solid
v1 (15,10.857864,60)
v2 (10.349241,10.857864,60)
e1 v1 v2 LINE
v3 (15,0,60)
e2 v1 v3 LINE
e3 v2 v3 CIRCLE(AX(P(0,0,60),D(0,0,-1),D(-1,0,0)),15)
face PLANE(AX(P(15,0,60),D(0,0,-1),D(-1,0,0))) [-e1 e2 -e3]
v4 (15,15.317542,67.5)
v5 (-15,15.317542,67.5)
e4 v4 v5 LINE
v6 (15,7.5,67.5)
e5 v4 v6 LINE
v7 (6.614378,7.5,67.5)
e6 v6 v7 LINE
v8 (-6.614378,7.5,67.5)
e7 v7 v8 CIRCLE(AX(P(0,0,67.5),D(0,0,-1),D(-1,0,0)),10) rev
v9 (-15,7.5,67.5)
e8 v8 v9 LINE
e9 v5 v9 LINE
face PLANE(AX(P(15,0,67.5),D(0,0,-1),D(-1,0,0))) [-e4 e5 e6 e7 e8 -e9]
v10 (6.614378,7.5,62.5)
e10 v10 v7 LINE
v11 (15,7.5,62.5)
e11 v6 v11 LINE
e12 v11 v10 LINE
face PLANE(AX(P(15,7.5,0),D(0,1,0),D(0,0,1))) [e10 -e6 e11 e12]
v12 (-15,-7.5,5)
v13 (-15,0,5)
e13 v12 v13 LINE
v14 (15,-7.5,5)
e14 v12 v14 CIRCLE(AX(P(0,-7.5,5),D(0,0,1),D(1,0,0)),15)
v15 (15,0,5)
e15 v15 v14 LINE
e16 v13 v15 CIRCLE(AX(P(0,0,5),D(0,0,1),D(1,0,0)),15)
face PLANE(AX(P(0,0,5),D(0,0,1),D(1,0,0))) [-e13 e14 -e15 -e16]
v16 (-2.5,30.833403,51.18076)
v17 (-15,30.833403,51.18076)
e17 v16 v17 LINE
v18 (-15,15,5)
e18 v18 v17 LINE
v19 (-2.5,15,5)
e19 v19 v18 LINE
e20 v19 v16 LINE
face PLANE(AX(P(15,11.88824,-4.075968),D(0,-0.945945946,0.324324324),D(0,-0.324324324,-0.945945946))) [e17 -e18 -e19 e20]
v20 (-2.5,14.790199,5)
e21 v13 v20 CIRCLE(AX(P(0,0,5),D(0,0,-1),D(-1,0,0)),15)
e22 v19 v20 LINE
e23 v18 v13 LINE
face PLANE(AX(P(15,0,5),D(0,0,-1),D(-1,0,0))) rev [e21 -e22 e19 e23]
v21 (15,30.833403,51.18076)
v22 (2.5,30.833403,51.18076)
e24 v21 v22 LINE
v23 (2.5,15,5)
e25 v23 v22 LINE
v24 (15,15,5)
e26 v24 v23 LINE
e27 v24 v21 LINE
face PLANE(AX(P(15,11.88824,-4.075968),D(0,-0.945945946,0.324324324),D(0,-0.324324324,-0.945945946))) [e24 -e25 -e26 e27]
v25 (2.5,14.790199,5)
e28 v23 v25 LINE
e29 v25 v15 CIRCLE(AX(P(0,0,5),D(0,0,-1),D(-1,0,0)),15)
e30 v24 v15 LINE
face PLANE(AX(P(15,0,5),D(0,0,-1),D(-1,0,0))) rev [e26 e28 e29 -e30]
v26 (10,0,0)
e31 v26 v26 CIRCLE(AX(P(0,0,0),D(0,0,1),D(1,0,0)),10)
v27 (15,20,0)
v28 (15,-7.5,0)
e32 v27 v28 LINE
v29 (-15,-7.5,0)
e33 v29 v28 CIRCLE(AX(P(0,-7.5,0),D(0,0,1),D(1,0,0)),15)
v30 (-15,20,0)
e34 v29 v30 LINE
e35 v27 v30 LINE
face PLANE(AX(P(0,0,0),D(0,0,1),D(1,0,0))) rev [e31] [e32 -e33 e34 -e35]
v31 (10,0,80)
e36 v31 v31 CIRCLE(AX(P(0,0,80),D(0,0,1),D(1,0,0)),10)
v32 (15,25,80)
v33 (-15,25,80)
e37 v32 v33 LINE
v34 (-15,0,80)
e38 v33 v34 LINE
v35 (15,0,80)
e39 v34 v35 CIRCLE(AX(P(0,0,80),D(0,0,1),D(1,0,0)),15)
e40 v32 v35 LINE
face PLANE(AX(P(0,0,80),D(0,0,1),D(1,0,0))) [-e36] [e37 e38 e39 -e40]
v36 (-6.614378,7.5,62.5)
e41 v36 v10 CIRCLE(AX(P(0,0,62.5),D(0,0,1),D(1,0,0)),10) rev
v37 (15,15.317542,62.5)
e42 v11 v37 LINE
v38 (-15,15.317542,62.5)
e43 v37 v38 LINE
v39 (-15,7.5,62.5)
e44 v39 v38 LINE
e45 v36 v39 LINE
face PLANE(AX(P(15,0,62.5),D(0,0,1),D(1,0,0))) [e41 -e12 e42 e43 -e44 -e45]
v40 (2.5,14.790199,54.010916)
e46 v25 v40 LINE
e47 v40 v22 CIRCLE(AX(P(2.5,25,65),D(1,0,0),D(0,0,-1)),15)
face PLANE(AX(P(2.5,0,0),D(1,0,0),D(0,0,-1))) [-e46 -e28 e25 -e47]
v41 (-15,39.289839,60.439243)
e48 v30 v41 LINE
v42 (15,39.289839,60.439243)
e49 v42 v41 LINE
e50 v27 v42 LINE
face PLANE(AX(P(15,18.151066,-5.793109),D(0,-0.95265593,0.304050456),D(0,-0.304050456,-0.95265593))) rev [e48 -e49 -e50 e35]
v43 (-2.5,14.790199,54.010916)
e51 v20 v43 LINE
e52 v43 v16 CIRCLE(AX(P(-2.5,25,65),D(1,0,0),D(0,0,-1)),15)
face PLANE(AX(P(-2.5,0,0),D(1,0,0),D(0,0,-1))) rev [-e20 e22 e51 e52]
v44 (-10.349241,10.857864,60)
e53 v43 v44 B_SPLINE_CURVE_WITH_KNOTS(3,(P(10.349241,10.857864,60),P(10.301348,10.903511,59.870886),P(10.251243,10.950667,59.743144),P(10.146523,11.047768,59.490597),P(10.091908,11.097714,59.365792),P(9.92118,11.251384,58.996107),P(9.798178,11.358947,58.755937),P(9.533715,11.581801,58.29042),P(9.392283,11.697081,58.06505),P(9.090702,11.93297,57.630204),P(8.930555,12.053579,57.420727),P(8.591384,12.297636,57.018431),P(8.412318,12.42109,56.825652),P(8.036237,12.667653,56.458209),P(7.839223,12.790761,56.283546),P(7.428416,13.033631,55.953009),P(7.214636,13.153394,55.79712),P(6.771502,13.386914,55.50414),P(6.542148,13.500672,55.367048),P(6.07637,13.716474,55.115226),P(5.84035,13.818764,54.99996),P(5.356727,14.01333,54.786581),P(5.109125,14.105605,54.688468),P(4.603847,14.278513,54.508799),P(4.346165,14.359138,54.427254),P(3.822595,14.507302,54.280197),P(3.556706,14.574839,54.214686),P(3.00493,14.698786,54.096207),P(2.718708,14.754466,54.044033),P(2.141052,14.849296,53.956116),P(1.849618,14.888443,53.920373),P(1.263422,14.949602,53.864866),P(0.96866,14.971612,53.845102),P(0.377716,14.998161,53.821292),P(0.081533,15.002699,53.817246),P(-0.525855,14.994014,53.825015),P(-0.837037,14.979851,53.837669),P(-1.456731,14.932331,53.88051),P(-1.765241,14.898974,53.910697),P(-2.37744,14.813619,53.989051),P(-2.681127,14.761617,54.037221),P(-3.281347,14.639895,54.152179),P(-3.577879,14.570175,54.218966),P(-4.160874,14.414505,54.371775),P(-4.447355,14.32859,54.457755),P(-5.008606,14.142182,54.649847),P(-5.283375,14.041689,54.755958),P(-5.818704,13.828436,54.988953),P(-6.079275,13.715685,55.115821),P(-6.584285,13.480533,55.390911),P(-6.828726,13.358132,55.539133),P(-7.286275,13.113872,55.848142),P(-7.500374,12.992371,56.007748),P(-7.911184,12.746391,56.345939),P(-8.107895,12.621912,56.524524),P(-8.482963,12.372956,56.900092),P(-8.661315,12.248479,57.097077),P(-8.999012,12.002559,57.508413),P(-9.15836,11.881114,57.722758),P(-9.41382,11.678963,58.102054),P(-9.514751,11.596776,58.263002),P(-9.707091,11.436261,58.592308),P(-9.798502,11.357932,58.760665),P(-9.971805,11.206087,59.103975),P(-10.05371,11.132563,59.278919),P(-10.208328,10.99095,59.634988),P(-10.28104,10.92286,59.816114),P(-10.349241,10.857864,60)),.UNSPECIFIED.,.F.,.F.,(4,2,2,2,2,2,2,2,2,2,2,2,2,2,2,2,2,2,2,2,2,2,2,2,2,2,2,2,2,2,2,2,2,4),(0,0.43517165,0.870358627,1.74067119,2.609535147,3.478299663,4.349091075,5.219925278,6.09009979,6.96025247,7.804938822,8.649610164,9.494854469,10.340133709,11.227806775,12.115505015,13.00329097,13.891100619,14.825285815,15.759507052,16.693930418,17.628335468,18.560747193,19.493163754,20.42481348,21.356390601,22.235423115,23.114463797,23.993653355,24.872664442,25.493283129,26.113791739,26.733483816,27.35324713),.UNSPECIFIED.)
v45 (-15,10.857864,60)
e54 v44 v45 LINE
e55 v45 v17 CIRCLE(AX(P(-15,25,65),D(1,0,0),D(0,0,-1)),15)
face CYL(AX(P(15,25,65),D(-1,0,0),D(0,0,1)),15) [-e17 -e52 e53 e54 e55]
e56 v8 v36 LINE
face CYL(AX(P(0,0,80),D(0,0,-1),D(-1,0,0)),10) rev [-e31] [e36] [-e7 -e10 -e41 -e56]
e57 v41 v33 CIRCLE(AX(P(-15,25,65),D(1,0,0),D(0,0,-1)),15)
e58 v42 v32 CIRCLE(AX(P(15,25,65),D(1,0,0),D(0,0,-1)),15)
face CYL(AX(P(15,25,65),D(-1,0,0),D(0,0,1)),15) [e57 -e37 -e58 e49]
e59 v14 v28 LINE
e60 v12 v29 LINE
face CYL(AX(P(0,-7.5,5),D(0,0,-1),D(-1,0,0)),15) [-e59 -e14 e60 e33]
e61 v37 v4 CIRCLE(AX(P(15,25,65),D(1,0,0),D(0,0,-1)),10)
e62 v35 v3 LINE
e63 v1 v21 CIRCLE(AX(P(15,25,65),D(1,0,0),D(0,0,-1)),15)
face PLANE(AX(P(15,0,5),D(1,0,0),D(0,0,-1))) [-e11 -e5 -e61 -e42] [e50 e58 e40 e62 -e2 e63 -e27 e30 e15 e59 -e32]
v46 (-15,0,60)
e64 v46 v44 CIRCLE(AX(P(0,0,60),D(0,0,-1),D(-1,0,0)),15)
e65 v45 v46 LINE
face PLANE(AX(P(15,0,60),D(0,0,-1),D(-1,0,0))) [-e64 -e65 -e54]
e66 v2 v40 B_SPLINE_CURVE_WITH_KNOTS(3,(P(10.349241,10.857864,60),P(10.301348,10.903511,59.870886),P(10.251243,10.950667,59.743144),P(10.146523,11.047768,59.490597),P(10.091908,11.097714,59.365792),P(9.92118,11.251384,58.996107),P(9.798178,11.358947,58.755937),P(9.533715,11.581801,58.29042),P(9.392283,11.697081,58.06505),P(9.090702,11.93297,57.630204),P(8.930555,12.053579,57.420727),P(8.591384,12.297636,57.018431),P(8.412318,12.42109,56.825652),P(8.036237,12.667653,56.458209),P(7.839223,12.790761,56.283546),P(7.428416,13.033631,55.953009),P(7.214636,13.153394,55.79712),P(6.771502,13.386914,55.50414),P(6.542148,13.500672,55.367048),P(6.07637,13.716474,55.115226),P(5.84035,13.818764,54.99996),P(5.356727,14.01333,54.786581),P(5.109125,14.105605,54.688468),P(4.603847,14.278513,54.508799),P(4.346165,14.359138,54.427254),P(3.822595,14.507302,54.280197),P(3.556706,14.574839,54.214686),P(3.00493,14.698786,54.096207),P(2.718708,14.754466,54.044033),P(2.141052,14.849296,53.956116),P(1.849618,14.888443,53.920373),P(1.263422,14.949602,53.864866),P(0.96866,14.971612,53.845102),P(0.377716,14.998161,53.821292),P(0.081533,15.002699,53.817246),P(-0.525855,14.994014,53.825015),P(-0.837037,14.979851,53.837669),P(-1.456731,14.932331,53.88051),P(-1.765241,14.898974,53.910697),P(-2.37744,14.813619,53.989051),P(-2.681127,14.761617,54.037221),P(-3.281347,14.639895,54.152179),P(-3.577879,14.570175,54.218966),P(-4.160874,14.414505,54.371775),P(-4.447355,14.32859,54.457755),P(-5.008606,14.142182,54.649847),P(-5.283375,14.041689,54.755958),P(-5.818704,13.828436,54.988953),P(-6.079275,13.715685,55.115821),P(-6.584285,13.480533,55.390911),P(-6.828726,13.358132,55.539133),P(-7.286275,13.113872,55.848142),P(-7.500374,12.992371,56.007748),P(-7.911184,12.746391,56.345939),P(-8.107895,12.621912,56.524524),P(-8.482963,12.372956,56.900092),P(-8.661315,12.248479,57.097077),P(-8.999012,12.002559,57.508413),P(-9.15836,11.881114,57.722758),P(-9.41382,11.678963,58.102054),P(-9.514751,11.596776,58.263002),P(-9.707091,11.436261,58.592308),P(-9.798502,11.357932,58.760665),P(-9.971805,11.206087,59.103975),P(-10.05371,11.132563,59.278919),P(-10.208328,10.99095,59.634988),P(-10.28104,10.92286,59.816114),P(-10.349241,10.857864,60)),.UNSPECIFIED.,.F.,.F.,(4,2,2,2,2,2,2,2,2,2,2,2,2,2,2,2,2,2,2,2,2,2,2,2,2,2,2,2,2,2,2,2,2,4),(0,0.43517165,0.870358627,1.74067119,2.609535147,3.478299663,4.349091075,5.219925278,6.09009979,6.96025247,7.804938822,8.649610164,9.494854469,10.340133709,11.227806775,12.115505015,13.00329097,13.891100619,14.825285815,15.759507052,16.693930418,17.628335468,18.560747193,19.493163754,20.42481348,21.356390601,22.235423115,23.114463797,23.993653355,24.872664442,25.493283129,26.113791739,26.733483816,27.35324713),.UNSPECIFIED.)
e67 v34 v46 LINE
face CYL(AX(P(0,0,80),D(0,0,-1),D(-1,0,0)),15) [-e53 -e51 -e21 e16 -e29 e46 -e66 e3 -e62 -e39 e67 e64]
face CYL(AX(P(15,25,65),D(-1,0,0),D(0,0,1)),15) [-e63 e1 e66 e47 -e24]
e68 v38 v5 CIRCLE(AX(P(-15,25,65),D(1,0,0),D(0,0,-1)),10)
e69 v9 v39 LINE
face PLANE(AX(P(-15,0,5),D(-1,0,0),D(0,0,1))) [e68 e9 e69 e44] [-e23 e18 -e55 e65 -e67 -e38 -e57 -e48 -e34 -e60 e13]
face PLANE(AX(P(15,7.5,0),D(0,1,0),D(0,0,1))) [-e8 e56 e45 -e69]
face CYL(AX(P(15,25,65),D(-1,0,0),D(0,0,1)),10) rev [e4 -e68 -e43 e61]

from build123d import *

# Parameters (mm, degrees)
SKETCH1_R            = 10
BOSS_EXTRUDE1_DEPTH  = 80
BOSS_EXTRUDE2_DEPTH  = 5
BOSS_EXTRUDE3_DEPTH  = 15
BOSS_EXTRUDE21_DEPTH = 2.5
CUT_EXTRUDE1_DEPTH   = 15
SKETCH1_4_R          = 10
CUT_EXTRUDE2_DEPTH   = 80


with BuildPart() as part:
    # Sketch1 → Boss-Extrude1 (new body)
    with BuildSketch(Plane.XY):
        with BuildLine():
            ThreePointArc((15, 0), (0, 15), (-15, 0))
            ThreePointArc((-15, 0), (0, -15), (15, 0))
        make_face()
        Circle(SKETCH1_R, mode=Mode.SUBTRACT)
    extrude(amount=BOSS_EXTRUDE1_DEPTH)

    # Sketch1<3> → Boss-Extrude2 (add)
    with BuildSketch(Plane.XY):
        with BuildLine():
            Line((-15, 0), (-15, -7.5))
            ThreePointArc((-15, -7.5), (0, -22.5), (15, -7.5))
            Line((15, -7.5), (15, 0))
            ThreePointArc((15, 0), (0, -15), (-15, 0))
        make_face()
    extrude(amount=BOSS_EXTRUDE2_DEPTH)

    # Sketch2 → Boss-Extrude3 (add, symmetric)
    with BuildSketch(Plane(origin=(0, 0, 0), x_dir=(0, 0, -1), z_dir=(1, 0, 0))):
        with BuildLine():
            ThreePointArc((-60.439243158, 39.289838943), (-73.848407975, 37.112211867), (-80, 25))
            Line((-80, 25), (-80, 0))
            Line((-80, 0), (-60, 0))
            Line((-60, 0), (-60, 10))
            Line((-60, 10), (-60, 10.857864376))
            ThreePointArc((-60, 10.857864376), (-51.277883135, 18.941657921), (-51.180759566, 30.83340328))
            Line((-51.180759566, 30.83340328), (-5, 15))
            Line((-5, 15), (-5, 10))
            Line((-5, 10), (-5, 0))
            Line((-5, 0), (0, 0))
            Line((0, 0), (0, 15))
            Line((0, 15), (0, 20))
            Line((0, 20), (-60.439243158, 39.289838943))
        make_face()
        with BuildLine():
            Line((-67.5, 7.5), (-67.5, 15.317541634))
            ThreePointArc((-67.5, 15.317541634), (-65, 35), (-62.5, 15.317541634))
            Line((-62.5, 15.317541634), (-62.5, 7.5))
            Line((-62.5, 7.5), (-67.5, 7.5))
        make_face(mode=Mode.SUBTRACT)
    extrude(amount=BOSS_EXTRUDE3_DEPTH, both=True)

    # Sketch2<8> → Boss-Extrude21 (add, symmetric)
    with BuildSketch(Plane(origin=(0, 0, 0), x_dir=(0, 0, -1), z_dir=(1, 0, 0))):
        with BuildLine():
            Line((-60, 10.857864376), (-60, 10))
            Line((-60, 10), (-5, 10))
            Line((-5, 10), (-5, 15))
            Line((-5, 15), (-51.180759566, 30.83340328))
            ThreePointArc((-51.180759566, 30.83340328), (-51.277883135, 18.941657921), (-60, 10.857864376))
        make_face()
    extrude(amount=BOSS_EXTRUDE21_DEPTH, both=True)

    # Sketch2<9> → Cut-Extrude1 (cut, symmetric)
    with BuildSketch(Plane(origin=(0, 0, 0), x_dir=(0, 0, -1), z_dir=(1, 0, 0))):
        with BuildLine():
            ThreePointArc((-62.5, 15.317541634), (-65, 35), (-67.5, 15.317541634))
            Line((-67.5, 15.317541634), (-67.5, 7.5))
            Line((-67.5, 7.5), (-62.5, 7.5))
            Line((-62.5, 7.5), (-62.5, 15.317541634))
        make_face()
    extrude(amount=CUT_EXTRUDE1_DEPTH, both=True, mode=Mode.SUBTRACT)

    # Sketch1<4> → Cut-Extrude2 (cut)
    with BuildSketch(Plane.XY):
        Circle(SKETCH1_4_R)
    extrude(amount=CUT_EXTRUDE2_DEPTH, mode=Mode.SUBTRACT)


solid = part.part
